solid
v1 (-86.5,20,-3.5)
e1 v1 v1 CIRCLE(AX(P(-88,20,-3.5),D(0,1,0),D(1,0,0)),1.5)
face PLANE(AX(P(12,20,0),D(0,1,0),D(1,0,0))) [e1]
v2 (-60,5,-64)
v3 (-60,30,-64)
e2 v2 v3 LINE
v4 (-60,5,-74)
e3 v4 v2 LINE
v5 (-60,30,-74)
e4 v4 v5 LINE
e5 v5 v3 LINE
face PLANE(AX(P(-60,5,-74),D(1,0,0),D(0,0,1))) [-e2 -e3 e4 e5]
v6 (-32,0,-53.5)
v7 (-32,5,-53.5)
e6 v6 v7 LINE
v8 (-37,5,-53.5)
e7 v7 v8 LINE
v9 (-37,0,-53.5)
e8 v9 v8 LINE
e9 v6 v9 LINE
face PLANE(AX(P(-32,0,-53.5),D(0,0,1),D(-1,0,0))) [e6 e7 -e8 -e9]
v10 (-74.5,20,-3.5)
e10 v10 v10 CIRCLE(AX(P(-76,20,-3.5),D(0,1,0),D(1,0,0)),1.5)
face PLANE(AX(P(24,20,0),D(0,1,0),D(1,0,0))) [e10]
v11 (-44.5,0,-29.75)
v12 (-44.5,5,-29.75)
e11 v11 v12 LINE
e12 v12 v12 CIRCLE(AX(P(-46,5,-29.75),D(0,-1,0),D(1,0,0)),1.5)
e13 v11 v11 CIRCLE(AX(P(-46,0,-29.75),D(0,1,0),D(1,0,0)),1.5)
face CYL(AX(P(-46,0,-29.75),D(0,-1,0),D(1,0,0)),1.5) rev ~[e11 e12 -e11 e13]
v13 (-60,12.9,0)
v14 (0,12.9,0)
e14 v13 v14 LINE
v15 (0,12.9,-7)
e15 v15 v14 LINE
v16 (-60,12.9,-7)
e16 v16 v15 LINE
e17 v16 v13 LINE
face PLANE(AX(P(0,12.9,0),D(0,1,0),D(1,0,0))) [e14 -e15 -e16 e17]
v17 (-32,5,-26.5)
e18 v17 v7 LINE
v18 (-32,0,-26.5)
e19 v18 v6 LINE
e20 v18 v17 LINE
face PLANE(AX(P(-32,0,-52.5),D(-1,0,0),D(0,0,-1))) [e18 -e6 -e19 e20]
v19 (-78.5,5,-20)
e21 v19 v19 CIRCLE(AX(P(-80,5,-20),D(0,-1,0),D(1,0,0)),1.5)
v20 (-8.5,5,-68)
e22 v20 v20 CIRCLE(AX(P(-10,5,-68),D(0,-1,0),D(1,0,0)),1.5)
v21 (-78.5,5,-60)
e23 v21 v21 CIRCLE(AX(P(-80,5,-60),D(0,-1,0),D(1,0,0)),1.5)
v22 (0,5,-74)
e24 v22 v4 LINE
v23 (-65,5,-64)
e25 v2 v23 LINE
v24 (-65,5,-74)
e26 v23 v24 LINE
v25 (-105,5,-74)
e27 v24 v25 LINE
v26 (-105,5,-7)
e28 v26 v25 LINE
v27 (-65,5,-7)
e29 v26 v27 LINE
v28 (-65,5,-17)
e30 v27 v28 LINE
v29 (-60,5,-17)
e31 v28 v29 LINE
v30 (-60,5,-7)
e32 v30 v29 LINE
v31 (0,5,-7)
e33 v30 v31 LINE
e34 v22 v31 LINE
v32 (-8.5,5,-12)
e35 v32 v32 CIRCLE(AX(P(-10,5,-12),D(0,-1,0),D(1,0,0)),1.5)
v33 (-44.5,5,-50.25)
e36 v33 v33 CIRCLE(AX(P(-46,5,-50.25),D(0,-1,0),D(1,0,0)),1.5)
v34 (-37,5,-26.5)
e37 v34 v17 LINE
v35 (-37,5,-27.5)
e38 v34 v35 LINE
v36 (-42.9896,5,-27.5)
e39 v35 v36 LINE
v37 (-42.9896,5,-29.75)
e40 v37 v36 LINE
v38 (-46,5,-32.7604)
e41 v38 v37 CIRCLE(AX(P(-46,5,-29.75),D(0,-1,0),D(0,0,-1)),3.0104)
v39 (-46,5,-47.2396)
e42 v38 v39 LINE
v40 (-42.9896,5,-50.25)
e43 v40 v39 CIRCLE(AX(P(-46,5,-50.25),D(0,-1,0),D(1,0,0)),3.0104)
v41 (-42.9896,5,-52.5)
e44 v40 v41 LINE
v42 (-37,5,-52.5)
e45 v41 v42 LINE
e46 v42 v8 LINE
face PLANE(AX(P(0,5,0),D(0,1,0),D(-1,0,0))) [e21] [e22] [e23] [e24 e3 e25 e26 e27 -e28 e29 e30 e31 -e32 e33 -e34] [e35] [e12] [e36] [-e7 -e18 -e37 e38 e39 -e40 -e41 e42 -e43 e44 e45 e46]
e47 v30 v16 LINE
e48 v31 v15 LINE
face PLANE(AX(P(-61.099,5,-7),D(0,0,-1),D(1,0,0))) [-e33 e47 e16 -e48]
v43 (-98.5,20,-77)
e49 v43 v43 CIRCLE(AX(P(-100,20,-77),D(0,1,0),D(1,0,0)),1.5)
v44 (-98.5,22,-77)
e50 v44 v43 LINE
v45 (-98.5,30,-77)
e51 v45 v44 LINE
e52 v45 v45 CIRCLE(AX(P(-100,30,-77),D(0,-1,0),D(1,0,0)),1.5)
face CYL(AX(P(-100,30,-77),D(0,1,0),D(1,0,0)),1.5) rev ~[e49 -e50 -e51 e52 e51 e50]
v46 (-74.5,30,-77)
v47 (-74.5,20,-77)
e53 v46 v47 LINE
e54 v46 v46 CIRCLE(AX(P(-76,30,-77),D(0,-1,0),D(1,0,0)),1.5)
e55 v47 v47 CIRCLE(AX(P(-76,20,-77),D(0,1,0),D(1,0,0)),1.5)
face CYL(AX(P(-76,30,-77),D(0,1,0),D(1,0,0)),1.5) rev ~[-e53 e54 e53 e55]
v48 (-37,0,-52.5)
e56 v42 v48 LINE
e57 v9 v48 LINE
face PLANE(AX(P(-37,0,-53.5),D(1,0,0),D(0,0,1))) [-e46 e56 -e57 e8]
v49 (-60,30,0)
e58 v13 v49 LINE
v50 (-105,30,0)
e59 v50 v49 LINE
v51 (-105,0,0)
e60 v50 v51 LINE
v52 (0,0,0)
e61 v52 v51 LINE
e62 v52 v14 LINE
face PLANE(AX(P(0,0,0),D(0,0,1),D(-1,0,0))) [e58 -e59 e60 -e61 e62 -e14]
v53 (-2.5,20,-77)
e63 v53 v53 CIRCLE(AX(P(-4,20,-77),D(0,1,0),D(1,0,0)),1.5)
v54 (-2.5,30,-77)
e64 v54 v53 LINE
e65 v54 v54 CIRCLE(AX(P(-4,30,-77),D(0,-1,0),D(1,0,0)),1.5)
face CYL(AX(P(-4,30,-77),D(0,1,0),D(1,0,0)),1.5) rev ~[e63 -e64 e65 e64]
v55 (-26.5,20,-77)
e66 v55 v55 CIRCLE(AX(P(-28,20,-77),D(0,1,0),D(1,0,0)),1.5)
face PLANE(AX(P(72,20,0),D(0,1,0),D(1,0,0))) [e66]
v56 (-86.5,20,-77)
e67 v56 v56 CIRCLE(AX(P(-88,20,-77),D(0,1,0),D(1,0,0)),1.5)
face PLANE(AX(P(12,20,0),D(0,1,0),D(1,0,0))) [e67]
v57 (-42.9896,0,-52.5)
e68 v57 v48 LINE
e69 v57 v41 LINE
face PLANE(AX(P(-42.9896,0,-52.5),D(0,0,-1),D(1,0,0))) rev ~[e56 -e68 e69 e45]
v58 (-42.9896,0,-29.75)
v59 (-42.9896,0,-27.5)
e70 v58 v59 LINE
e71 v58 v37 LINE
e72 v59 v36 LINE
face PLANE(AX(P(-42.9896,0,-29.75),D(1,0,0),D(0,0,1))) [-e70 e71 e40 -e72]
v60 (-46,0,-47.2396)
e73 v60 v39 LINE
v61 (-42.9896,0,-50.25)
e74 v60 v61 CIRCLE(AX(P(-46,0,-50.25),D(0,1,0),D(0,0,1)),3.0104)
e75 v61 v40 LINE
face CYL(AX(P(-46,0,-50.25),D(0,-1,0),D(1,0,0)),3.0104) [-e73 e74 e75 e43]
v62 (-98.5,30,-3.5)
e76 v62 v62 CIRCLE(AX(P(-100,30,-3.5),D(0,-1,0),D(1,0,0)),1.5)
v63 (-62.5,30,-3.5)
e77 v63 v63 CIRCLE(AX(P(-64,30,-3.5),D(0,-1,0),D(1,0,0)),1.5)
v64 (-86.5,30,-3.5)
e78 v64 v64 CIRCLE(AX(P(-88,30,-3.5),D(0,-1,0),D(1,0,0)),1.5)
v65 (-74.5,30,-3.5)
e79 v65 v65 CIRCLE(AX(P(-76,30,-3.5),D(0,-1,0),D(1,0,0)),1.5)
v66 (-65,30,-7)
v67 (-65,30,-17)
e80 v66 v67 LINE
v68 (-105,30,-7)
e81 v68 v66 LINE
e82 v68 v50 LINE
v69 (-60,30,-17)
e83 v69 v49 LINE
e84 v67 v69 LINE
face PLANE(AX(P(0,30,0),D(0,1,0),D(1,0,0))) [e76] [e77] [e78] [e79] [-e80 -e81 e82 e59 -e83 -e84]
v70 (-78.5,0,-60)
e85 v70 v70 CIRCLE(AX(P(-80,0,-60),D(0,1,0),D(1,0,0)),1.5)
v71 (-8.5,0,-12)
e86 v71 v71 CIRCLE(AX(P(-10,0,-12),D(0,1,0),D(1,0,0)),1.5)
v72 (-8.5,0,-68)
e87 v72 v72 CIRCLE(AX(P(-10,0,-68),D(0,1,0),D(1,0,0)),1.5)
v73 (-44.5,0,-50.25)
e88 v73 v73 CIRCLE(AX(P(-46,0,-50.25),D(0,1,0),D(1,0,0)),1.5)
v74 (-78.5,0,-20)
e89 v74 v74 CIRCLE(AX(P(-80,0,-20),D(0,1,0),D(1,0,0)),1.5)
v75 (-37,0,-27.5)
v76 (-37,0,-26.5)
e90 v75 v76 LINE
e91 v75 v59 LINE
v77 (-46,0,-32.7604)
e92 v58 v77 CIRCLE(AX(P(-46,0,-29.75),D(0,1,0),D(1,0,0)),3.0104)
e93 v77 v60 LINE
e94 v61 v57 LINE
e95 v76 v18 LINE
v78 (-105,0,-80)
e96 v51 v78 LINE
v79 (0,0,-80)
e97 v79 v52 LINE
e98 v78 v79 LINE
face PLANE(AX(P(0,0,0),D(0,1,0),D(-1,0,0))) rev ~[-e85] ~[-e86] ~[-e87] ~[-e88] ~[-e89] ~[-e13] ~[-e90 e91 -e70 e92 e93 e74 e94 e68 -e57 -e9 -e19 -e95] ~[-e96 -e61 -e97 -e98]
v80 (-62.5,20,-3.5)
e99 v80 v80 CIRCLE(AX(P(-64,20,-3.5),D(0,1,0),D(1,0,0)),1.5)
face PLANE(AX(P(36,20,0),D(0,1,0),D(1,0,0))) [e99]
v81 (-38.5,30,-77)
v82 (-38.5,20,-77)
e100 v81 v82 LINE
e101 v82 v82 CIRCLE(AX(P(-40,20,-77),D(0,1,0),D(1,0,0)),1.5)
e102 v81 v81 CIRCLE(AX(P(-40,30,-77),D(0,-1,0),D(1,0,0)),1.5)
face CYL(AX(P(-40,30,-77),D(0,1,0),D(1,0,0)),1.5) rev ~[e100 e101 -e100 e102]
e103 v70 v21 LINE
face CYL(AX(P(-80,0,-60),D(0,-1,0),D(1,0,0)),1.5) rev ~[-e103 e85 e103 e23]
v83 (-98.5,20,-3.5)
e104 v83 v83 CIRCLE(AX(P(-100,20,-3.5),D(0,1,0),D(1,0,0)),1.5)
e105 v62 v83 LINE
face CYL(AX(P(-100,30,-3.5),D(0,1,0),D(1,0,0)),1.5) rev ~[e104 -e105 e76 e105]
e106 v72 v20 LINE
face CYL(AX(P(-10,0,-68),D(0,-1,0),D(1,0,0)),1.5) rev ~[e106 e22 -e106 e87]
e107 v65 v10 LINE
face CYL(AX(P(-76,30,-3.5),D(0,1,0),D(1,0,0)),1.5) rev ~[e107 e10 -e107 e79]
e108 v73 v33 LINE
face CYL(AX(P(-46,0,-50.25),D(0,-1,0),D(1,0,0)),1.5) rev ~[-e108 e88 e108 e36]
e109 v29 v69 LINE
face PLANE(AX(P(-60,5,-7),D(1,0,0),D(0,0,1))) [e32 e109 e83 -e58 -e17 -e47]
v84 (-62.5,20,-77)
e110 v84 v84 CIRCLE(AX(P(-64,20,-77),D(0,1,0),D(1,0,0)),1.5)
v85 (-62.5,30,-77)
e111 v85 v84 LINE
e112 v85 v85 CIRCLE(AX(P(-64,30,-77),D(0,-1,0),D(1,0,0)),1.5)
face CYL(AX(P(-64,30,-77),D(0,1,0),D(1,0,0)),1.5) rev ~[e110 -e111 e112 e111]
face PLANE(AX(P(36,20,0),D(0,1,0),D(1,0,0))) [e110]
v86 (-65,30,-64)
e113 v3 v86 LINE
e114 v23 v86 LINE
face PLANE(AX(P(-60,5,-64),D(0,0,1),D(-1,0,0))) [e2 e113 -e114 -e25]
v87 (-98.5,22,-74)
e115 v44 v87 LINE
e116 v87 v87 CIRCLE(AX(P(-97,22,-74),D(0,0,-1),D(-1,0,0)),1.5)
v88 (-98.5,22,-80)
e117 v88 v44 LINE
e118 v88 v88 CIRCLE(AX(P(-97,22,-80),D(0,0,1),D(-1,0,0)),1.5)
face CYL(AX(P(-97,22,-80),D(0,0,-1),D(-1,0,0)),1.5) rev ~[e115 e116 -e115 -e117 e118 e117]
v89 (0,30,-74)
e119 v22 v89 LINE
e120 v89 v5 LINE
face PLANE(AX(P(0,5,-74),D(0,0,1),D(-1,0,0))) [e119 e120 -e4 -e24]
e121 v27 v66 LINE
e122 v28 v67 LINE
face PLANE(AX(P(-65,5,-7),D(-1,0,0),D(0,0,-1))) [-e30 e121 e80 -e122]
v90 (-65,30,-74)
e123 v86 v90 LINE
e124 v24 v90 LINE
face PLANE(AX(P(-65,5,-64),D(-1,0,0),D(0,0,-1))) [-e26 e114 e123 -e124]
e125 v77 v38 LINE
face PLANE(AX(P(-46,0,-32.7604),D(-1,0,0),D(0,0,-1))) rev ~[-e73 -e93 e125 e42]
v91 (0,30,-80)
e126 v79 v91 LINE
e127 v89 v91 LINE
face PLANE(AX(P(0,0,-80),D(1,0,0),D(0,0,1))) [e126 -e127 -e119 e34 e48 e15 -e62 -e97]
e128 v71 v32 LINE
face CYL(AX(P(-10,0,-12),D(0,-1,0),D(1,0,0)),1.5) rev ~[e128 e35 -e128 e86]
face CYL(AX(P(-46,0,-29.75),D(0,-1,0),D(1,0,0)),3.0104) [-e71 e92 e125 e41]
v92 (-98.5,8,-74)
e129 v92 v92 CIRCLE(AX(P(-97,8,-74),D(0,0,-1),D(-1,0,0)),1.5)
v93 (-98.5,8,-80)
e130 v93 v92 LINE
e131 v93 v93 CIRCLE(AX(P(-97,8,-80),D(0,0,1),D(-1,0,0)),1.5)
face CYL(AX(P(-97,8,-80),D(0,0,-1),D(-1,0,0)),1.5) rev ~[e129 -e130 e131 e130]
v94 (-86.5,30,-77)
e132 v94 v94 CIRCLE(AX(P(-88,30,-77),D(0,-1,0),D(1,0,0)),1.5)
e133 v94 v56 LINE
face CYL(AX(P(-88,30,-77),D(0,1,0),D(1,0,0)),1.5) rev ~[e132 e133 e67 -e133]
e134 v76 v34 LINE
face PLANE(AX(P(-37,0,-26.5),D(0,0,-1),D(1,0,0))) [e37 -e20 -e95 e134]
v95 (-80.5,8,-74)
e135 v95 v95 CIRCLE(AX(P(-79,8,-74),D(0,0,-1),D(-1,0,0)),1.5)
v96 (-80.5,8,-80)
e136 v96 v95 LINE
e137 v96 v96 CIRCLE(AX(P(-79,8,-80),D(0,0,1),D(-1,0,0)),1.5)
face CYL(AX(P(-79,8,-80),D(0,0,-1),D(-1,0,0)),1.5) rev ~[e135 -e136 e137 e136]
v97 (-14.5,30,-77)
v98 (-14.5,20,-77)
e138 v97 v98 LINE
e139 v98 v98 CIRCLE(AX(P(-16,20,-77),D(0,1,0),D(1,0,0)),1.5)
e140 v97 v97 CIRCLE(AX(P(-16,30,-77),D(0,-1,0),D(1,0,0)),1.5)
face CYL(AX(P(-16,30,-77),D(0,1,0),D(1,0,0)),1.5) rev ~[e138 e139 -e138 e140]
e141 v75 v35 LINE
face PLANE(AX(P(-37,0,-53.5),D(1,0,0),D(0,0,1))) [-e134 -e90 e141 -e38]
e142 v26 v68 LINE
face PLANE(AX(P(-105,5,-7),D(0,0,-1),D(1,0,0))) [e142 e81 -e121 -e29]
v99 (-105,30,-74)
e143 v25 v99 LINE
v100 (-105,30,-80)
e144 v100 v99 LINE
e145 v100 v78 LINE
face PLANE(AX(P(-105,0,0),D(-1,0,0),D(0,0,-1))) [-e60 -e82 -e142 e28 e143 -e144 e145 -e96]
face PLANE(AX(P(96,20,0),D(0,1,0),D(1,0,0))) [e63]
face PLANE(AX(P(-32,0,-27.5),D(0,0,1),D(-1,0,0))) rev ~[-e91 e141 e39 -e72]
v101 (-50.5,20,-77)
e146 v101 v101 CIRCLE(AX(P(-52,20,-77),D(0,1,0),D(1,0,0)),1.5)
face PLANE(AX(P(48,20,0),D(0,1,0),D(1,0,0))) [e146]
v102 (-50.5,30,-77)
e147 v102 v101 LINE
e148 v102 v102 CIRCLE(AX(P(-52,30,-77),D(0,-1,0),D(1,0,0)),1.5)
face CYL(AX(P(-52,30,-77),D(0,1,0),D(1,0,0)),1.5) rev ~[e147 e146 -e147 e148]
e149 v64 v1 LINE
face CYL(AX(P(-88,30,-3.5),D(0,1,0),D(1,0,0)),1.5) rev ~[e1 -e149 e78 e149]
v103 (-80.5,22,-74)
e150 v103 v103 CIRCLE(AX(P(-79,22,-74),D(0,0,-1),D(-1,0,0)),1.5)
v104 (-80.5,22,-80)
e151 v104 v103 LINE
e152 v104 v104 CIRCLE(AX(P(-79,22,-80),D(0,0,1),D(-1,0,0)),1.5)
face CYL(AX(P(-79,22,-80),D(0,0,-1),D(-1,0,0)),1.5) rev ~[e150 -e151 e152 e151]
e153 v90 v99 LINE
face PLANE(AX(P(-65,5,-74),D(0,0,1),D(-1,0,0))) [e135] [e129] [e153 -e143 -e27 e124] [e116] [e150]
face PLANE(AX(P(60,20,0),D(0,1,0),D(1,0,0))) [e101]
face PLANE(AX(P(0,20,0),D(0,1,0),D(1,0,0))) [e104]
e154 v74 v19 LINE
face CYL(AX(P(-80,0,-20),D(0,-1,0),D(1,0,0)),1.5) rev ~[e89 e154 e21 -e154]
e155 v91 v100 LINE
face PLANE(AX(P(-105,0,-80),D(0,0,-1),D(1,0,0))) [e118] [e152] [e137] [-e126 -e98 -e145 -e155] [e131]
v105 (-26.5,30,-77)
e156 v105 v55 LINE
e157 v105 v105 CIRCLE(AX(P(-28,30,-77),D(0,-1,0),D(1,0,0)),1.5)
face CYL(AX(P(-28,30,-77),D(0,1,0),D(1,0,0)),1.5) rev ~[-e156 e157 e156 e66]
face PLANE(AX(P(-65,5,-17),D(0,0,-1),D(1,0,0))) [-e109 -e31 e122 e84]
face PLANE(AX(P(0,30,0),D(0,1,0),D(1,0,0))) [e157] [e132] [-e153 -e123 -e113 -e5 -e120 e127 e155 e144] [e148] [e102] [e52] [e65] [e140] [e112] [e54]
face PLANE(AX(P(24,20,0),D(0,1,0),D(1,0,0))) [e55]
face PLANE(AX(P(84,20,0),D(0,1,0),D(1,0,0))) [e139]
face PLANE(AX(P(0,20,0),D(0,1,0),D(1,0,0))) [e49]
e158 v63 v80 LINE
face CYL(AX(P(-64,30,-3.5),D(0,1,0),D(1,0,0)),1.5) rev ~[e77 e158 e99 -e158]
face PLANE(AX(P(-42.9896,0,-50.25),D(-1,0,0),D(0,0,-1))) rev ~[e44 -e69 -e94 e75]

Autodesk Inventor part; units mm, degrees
ref_plane "YZ Plane" through (0, 0, 0) normal (1, 0, 0) x (0, 1, 0)
ref_plane "XZ Plane" through (0, 0, 0) normal (0, 1, 0) x (-1, 0, 0)
ref_plane "XY Plane" through (0, 0, 0) normal (0, 0, 1) x (1, 0, 0)
sketch "Sketch1" plane through (0, 0, 0) normal (0, 1, 0) x (-1, 0, 0)
  line L0 (0, 0) -> (105, 0)
  line L1 (105, 0) -> (105, -80)
  line L2 (105, -80) -> (0, -80)
  line L3 (0, -80) -> (0, 0)
  dimension "d0" = 105
  dimension "d1" = 80
extrude "Extrusion1" add sketch "Sketch1" along normal blind 5
sketch "Sketch2" plane through (0, 5, 0) normal (0, 1, 0) x (1, 0, 0)
  line L0 (0, 0) -> (0, 80) projected
  line L1 (-105, 80) -> (-105, 0) projected
  line L2 (0, 74) -> (-105, 74)
  line L3 (-105, 74) -> (-105, 7)
  line L4 (-105, 7) -> (0, 7)
  line L5 (0, 7) -> (0, 74)
  line L6 (-105, 0) -> (0, 0) projected
  line L7 (0, 80) -> (-105, 80) projected
  line L8 (-60, 7) -> (-60, 0)
  line L9 (-60, 7) -> (-65, 7)
  line L10 (-65, 7) -> (-65, 74)
  line L11 (-65, 74) -> (-60, 74)
  line L12 (-60, 74) -> (-60, 7)
  line L13 (-60, 64) -> (-65, 64)
  line L14 (-65, 64) -> (-65, 17)
  line L15 (-65, 17) -> (-60, 17)
  line L16 (-60, 17) -> (-60, 64)
  line L17 (0, 80) -> (-105, 80) projected
  line L18 (-105, 80) -> (-105, 0) projected
  line L19 (-105, 0) -> (0, 0) projected
  line L20 (0, 0) -> (0, 80) projected
  point P0 (-62.5, 74)
  point P1 (-62.5, 64)
  point P2 (-62.5, 7)
  point P3 (-62.5, 17)
  dimension "d4" = 7
  dimension "d5" = 6
  dimension "d7" = 45
  dimension "d8" = 5
  dimension "d9" = 10
  dimension "d10" = 10
extrude "Extrusion2" add sketch "Sketch2" along normal blind 25 contours L6 L1 L4 L8 | L2 L1 L7 L0 | L4 L10 L15 L12 | L12 L13 L10 L2
sketch "Sketch3" plane through (0, 30, 0) normal (0, 1, 0) x (1, 0, 0)
  line L0 (-100, 3.5) -> (-5, 3.5)
  line L1 (-5, 3.5) -> (-5, 77)
  line L2 (-5, 77) -> (-100, 77)
  line L3 (-100, 77) -> (-100, 3.5)
  line L4 (0, 80) -> (-105, 80) projected
  line L5 (-105, 0) -> (-60, 0) projected
  line L6 (-105, 74) -> (-105, 7) projected
  line L7 (0, 0) -> (0, 74) projected
  circle A0 centre (-100, 3.5) radius 1.5
  circle A1 centre (-100, 77) radius 1.5
  dimension "d13" = 3
  dimension "d14" = 3.5
  dimension "d15" = 5
  dimension "d16" = 5
  dimension "d17" = 3
  dimension "d20" = 3
extrude "Extrusion3" cut sketch "Sketch3" against normal blind 10 contours L3 A0 L0 | L0 A0 L3
extrude "Extrusion4" cut sketch "Sketch3" against normal blind 10 contours A1 L2 L3 | L3 L2 A1
pattern_linear "Rectangular Pattern2" count 4 spacing 12 along (1, 0, 0) of "Extrusion3"
pattern_linear "Rectangular Pattern3" count 9 spacing 12 along (1, 0, 0) of "Extrusion4"
sketch "Sketch4" plane through (0, 0, 0) normal (0, -1, 0) x (1, 0, 0)
  line L0 (-10, -12) -> (-80, -12)
  line L1 (-80, -12) -> (-80, -68)
  line L2 (-80, -68) -> (-10, -68)
  line L3 (-10, -68) -> (-10, -12)
  line L4 (0, -80) -> (-105, -80) projected
  line L5 (0, 0) -> (0, -80) projected
  line L6 (-80, -60) -> (-10, -68)
  line L7 (-10, -12) -> (-80, -20)
  circle A0 centre (-10, -12) radius 1.5
  circle A1 centre (-10, -68) radius 1.5
  circle A2 centre (-80, -20) radius 1.5
  circle A3 centre (-80, -60) radius 1.5
  point P0 (-80, -40)
  point P1 (-45, -68)
  point P2 (-11.5, -12)
  point P3 (-11.4903, -12.1703)
  dimension "d32" = 70
  dimension "d33" = 40
  dimension "d34" = 45
  dimension "d35" = 56
  dimension "d36" = 40
  dimension "d37" = 20
  dimension "d38" = 3
  dimension "d39" = 3
  dimension "d40" = 3
  dimension "d41" = 3
extrude "Extrusion5" cut sketch "Sketch4" against normal up to next contours L7 A0 L0 | L0 A0 L3 | L3 A0 L7 | A1 L2 L3 | L3 L6 A1 | A2 L1 L7 | L7 L1 A2 | L1 A2 | L2 A1 L6 | A3 L1 L6 | L6 L1 A3 | L1 A3
sketch "Sketch5" plane through (0, 5, 0) normal (0, 1, 0) x (1, 0, 0)
  line L0 (-105, 0) -> (0, 0) projected
  line L1 (0, 0) -> (-61.099, 0)
  line L2 (-61.099, 0) -> (-61.099, 7)
  line L3 (-61.099, 7) -> (0, 7)
  line L4 (0, 7) -> (0, 0)
  point P0 (-105, 7)
extrude "Extrusion6" add sketch "Sketch5" along normal blind 7.9
sketch "Sketch6" plane through (0, 0, -80) normal (0, 0, -1) x (-1, 0, 0)
  line L0 (97, 22) -> (79, 22)
  line L1 (79, 22) -> (79, 8)
  line L2 (79, 8) -> (97, 8)
  line L3 (97, 8) -> (97, 22)
  line L4 (0, 0) -> (105, 0) projected
  line L5 (0, 0) -> (0, 30) projected
  circle A0 centre (97, 8) radius 1.5
  circle A1 centre (97, 22) radius 1.5
  circle A2 centre (79, 22) radius 1.5
  circle A3 centre (79, 8) radius 1.5
  line L6 (105, 0) -> (105, 30) projected
  point P0 (79, 15)
  point P1 (105, 15)
  dimension "d46" = 15
  dimension "d47" = 14
  dimension "d48" = 18
  dimension "d50" = 3
  dimension "d51" = 3
  dimension "d52" = 3
  dimension "d53" = 3
  dimension "d56" = 8
extrude "Extrusion7" cut sketch "Sketch6" against normal up to surface (6 mm away) contours A2 L1 L0 | L0 L1 A2 | A1 L3 L0 | L0 L3 A1 | A3 L2 L1 | L1 L2 A3 | A0 L2 L3 | L3 L2 A0
sketch "Sketch7" plane through (0, 0, 0) normal (0, -1, 0) x (1, 0, 0)
  line L0 (-32, -27.5) -> (-48, -27.5)
  line L1 (-48, -27.5) -> (-48, -52.5)
  line L2 (-48, -52.5) -> (-32, -52.5)
  line L3 (-32, -52.5) -> (-32, -27.5)
  line L4 (0, 0) -> (0, -80) projected
  line L5 (-105, 0) -> (0, 0) projected
  line L6 (-46, -27.5) -> (-46, -52.5)
  line L7 (-44, -27.5) -> (-44, -52.5)
  circle A0 centre (-46, -29.75) radius 1.5
  circle A1 centre (-46, -50.25) radius 1.5
  circle A2 centre (-46, -50.25) radius 3.0104
  circle A3 centre (-46, -29.75) radius 3.0104
  line L8 (-42.9896, -50.25) -> (-42.9896, -52.5)
  line L9 (-42.9896, -29.75) -> (-42.9896, -27.5)
  point P0 (-40, -52.5)
  point P1 (-32, -40)
  point P2 (-46, -40)
  point P3 (-48, -40)
  point P4 (-46, -32.7604)
  point P5 (-46, -47.2396)
  dimension "d57" = 40
  dimension "d58" = 40
  dimension "d59" = 25
  dimension "d60" = 16
  dimension "d62" = 2
  dimension "d63" = 4
  dimension "d64" = 3
  dimension "d65" = 2.25
  dimension "d66" = 2.25
  dimension "d67" = 3
extrude "Extrusion8" cut sketch "Sketch7" against normal up to surface (5 mm away) contours L3 L2 L8 A2 L7 A3 L9 L0 | L7 A2 L6 A3 | A0 L6 | L6 A0 | A1 L6 | L6 A1
sketch "Sketch8" plane through (0, 0, 0) normal (0, -1, 0) x (1, 0, 0)
  line L0 (-32, -53.5) -> (-37, -53.5)
  line L1 (-37, -53.5) -> (-37, -26.5)
  line L2 (-37, -26.5) -> (-32, -26.5)
  line L3 (-32, -26.5) -> (-32, -53.5)
  line L4 (-32, -52.5) -> (-42.9896, -52.5) projected
  line L5 (-42.9896, -27.5) -> (-32, -27.5) projected
  line L6 (-32, -27.5) -> (-32, -52.5) projected
  point P0 (0, 0)
  point P1 (-34.5, -53.5)
  dimension "d70" = 1
  dimension "d71" = 1
  dimension "d72" = 5
extrude "Extrusion9" cut sketch "Sketch8" against normal up to surface (5 mm away)
equation "\"d54\" = d52"
properties part number "sensor_zig"
